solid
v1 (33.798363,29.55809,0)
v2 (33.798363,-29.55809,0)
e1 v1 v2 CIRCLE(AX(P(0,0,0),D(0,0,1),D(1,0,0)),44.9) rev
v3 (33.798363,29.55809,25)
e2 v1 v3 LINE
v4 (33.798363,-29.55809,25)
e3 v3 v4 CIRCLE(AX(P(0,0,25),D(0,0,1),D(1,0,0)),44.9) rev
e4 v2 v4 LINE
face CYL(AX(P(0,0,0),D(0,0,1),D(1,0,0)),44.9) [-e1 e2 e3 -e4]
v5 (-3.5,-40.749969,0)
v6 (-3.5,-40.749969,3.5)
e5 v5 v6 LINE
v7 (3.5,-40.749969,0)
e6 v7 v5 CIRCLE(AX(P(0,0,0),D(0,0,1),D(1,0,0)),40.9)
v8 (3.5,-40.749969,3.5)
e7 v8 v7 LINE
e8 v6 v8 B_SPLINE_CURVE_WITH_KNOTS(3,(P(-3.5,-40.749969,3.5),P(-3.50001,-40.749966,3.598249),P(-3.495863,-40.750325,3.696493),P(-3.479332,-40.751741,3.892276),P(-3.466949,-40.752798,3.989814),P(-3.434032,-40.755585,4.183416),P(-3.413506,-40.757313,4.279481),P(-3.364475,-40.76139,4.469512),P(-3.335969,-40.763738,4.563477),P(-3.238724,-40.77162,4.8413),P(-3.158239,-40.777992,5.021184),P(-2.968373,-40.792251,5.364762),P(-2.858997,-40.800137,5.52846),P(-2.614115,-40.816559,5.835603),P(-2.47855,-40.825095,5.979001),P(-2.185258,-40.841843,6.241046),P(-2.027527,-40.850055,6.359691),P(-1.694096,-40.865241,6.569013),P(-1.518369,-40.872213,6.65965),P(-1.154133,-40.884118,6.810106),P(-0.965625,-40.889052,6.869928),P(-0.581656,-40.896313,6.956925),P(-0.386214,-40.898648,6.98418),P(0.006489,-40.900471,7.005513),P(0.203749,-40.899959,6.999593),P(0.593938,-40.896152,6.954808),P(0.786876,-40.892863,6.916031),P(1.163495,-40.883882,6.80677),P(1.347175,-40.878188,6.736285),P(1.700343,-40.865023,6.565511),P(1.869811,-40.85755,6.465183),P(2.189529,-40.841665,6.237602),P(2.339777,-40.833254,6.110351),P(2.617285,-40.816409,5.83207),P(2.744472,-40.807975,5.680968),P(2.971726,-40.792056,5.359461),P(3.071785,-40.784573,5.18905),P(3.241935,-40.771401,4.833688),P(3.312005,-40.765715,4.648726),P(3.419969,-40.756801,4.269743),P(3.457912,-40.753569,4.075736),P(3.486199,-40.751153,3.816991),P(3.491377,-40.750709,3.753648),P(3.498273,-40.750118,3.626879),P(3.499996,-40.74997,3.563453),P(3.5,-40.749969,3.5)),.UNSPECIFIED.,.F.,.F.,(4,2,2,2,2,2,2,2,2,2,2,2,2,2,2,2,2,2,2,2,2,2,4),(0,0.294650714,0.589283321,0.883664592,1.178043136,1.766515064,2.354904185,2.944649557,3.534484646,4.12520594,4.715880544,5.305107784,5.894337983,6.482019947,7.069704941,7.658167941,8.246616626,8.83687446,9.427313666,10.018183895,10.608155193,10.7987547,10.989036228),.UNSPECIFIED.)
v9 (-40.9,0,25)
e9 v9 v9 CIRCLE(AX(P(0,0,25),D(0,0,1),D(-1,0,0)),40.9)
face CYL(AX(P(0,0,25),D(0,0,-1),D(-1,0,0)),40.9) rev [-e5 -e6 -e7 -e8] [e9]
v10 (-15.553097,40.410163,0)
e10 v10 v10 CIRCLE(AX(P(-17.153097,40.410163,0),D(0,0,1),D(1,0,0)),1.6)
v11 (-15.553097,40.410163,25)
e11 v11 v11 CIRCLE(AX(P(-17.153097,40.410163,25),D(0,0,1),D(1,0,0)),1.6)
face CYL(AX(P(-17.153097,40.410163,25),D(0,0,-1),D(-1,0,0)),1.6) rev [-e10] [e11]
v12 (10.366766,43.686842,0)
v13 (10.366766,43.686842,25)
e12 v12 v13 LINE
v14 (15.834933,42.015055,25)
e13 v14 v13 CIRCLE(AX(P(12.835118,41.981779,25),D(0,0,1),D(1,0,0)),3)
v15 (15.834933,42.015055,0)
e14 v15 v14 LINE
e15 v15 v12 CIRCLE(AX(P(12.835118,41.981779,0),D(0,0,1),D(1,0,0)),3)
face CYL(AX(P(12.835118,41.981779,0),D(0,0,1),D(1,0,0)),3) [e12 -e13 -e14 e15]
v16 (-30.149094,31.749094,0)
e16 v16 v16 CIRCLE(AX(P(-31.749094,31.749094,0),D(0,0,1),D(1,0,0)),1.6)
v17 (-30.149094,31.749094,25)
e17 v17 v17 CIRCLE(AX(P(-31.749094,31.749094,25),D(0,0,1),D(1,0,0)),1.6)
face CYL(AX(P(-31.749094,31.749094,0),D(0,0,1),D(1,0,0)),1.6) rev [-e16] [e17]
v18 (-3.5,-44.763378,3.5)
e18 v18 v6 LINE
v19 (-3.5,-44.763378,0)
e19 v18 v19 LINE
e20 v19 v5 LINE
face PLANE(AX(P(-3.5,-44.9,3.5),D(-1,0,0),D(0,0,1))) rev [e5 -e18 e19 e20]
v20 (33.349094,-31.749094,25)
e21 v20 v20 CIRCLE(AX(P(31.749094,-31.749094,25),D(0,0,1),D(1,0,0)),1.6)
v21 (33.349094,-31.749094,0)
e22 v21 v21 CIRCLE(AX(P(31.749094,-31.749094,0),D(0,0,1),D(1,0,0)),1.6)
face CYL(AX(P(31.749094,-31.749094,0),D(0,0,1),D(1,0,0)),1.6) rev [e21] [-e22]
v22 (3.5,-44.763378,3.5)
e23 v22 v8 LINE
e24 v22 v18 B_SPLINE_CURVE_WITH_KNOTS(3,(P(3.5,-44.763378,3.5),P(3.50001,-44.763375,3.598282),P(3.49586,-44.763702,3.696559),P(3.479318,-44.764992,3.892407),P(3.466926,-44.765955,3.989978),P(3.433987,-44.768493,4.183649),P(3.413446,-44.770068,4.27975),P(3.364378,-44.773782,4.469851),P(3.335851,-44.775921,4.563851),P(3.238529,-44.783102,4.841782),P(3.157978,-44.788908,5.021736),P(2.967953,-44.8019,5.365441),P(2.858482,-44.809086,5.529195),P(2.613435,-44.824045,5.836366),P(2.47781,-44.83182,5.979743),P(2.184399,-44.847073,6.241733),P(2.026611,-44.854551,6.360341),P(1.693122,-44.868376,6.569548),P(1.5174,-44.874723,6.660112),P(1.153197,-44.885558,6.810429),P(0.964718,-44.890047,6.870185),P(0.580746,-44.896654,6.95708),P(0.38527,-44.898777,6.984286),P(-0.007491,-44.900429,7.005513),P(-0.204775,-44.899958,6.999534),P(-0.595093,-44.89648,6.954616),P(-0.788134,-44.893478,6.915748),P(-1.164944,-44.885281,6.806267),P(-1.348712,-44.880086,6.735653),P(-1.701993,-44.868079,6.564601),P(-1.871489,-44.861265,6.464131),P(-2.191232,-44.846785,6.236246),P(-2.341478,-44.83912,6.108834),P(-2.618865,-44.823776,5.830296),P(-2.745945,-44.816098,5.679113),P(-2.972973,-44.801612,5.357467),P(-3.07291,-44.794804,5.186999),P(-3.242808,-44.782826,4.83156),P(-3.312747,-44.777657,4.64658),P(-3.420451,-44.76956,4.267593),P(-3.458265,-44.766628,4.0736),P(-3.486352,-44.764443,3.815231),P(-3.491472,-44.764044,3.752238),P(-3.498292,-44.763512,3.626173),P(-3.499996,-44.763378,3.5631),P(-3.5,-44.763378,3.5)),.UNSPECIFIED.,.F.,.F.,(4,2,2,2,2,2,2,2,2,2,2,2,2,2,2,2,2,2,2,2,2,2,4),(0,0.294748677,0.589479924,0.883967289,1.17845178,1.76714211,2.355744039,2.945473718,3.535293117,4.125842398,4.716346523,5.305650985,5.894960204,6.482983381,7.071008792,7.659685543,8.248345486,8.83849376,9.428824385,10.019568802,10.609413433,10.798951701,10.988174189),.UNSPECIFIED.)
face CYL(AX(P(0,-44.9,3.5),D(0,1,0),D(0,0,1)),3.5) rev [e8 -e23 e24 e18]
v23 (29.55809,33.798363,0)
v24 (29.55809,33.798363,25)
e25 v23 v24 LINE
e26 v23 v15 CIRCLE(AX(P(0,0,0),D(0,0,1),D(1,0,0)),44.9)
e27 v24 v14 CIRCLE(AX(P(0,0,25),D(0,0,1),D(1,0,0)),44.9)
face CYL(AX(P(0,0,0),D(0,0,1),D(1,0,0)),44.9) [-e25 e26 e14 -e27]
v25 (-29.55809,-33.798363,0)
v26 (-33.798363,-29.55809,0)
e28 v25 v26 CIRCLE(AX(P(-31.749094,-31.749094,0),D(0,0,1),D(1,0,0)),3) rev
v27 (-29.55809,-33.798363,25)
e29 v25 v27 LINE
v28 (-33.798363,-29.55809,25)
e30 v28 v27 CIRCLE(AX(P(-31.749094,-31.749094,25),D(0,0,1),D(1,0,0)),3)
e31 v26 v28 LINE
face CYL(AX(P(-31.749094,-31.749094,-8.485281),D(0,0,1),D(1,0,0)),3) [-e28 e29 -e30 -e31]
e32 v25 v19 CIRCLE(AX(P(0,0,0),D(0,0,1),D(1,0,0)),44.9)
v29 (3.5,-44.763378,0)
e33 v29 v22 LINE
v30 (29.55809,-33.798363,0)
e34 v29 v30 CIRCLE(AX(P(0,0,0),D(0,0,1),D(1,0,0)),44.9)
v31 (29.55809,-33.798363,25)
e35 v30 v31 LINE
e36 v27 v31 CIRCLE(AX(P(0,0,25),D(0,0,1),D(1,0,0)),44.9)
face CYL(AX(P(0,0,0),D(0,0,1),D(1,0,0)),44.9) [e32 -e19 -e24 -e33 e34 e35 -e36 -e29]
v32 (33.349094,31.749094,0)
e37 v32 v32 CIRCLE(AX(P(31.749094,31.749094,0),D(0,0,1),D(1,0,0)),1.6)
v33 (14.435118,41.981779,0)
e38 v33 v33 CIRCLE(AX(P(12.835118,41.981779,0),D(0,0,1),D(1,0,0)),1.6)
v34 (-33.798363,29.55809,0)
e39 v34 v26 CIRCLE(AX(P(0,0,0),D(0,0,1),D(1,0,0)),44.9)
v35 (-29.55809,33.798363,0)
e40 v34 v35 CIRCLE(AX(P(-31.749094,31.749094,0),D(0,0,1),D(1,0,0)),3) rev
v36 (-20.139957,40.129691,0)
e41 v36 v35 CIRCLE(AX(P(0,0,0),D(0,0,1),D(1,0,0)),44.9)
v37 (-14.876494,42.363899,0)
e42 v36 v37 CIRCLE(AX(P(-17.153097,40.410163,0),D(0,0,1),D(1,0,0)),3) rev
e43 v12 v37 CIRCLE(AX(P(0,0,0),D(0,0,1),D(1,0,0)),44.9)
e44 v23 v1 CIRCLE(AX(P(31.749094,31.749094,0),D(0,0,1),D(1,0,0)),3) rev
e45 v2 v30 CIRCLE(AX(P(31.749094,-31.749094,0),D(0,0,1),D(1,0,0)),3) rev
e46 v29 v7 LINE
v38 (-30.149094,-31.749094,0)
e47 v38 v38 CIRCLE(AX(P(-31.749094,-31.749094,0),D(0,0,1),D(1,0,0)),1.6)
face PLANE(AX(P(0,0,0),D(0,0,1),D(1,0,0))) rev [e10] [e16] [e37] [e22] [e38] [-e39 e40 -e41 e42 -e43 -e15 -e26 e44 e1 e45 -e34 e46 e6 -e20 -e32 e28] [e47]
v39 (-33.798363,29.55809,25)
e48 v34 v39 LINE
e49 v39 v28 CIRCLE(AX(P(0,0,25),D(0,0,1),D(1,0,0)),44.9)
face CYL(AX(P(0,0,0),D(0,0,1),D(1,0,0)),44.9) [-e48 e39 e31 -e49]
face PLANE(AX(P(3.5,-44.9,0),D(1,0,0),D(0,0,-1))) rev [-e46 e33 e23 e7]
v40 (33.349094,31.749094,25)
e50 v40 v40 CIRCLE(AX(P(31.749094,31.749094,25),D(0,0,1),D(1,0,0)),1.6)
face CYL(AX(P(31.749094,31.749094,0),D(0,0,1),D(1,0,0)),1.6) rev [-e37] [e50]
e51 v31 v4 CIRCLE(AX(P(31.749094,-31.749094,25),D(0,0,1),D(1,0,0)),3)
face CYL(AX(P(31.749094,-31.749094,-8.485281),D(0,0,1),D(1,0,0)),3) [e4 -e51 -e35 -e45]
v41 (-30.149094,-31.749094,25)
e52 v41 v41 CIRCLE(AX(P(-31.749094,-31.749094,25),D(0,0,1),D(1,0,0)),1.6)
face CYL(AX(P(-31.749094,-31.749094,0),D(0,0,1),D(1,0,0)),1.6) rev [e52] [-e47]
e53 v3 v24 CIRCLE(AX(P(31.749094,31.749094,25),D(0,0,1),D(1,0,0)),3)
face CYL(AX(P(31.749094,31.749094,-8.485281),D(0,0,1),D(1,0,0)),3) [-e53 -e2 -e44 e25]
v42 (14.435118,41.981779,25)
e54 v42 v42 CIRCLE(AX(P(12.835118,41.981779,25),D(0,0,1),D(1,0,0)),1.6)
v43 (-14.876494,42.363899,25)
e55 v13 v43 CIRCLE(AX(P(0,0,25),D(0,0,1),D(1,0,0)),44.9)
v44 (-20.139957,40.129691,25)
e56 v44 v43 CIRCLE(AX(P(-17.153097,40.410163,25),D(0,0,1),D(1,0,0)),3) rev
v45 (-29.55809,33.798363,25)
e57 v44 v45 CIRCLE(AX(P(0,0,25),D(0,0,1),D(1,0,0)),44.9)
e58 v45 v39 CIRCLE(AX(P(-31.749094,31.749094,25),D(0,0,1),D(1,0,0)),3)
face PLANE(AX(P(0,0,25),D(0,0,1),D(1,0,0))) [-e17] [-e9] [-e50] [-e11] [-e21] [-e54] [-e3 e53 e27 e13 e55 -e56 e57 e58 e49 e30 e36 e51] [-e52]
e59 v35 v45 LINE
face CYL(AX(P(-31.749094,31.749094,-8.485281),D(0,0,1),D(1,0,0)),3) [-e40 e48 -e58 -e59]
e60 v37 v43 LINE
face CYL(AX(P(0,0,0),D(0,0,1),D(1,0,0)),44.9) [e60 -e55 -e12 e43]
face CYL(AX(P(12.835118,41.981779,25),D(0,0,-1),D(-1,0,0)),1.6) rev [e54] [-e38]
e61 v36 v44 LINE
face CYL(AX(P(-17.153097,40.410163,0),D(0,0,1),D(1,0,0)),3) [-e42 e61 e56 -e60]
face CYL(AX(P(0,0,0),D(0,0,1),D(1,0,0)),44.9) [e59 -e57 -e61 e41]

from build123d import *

# Parameters (mm, degrees)
SKETCH_1_R          = 46.9
SKETCH_1_R_2        = 1.6
EXTRUDE_1_DEPTH     = 25
SKETCH_2_R          = 3
EXTRUDE_2_DEPTH     = 25
SKETCH_3_R          = 1.6
CUT_EXTRUDE_1_DEPTH = 71.881732484
CUT_EXTRUDE_2_DEPTH = 71.881732484
CUT_EXTRUDE_3_DEPTH = 69.296196254


with BuildPart() as part:
    # 草图1 → 凸台-拉伸1 (new body)
    with BuildSketch(Plane.XY):
        Circle(SKETCH_1_R)
        with Locations((12.835117837, 41.981778787)):
            Circle(SKETCH_1_R_2, mode=Mode.SUBTRACT)
        with Locations((-17.153096541, 40.410163067)):
            Circle(SKETCH_1_R_2, mode=Mode.SUBTRACT)
        with BuildLine():
            ThreePointArc((-17.670567057, 36.885783981), (5.183019571, -40.570263841), (7.829749303, 40.143555222))
            ThreePointArc((7.829749303, 40.143555222), (-5.183019571, 40.570263841), (-17.670567057, 36.885783981))
        make_face(mode=Mode.SUBTRACT)
    extrude(amount=EXTRUDE_1_DEPTH)

    # 草图2 → 凸台-拉伸2 (add)
    with BuildSketch(Plane.XY.offset(25)):
        with Locations((-31.749094475, 31.749094475)):
            Circle(SKETCH_2_R)
        with Locations((31.749094475, 31.749094475)):
            Circle(SKETCH_2_R)
        with Locations((31.749094475, -31.749094475)):
            Circle(SKETCH_2_R)
        with Locations((-31.749094475, -31.749094475)):
            Circle(SKETCH_2_R)
    extrude(amount=-EXTRUDE_2_DEPTH)

    # 草图3 → 切除-拉伸1 (cut, through all)
    with BuildSketch(Plane.XY.offset(25)):
        with Locations((-31.749094475, 31.749094475)):
            Circle(SKETCH_3_R)
        with Locations((-31.749094475, -31.749094475)):
            Circle(SKETCH_3_R)
        with Locations((31.749094475, -31.749094475)):
            Circle(SKETCH_3_R)
        with Locations((31.749094475, 31.749094475)):
            Circle(SKETCH_3_R)
    extrude(amount=-CUT_EXTRUDE_1_DEPTH, mode=Mode.SUBTRACT)

    # 草图4 → 切除-拉伸2 (cut, through all)
    with BuildSketch(Plane.XY.offset(25)):
        with BuildLine():
            ThreePointArc((-20.139957039, 40.129691383), (-19.72949951, 41.947091088), (-18.325289842, 43.171677663))
            ThreePointArc((-18.325289842, 43.171677663), (-25.271051352, 39.509289586), (-31.508446668, 34.739427004))
            ThreePointArc((-31.508446668, 34.739427004), (-30.445394472, 34.451013479), (-29.558090066, 33.798362559))
            ThreePointArc((-29.558090066, 33.798362559), (-25.049858336, 37.262777638), (-20.139957039, 40.129691383))
        make_face()
        with BuildLine():
            ThreePointArc((-14.876494449, 42.363898698), (-7.545559902, 44.261433842), (0, 44.9))
            Line((0, 44.9), (0, 46.9))
            ThreePointArc((0, 46.9), (-9.350356079, 45.958468656), (-18.325289842, 43.171677663))
            ThreePointArc((-18.325289842, 43.171677663), (-16.468950059, 43.331112158), (-14.876494449, 42.363898698))
        make_face()
        with BuildLine():
            ThreePointArc((31.508446668, 34.739427004), (23.168662113, 40.777727939), (13.712233545, 44.850692873))
            ThreePointArc((13.712233545, 44.850692873), (15.23675449, 43.779594513), (15.834933275, 42.015055494))
            ThreePointArc((15.834933275, 42.015055494), (23.065345276, 38.522718586), (29.558090066, 33.798362559))
            ThreePointArc((29.558090066, 33.798362559), (30.445394472, 34.451013479), (31.508446668, 34.739427004))
        make_face()
        with BuildLine():
            Line((0, 46.9), (0, 44.9))
            ThreePointArc((0, 44.9), (5.218754509, 44.595679178), (10.366766227, 43.686841932))
            ThreePointArc((10.366766227, 43.686841932), (11.849397199, 44.81521395), (13.712233545, 44.850692873))
            ThreePointArc((13.712233545, 44.850692873), (6.932261689, 46.384843946), (0, 46.9))
        make_face()
        with BuildLine():
            ThreePointArc((34.739427004, 31.508446668), (34.451013479, 30.445394472), (33.798362559, 29.558090066))
            ThreePointArc((33.798362559, 29.558090066), (44.9, 0), (33.798362559, -29.558090066))
            ThreePointArc((33.798362559, -29.558090066), (34.451013479, -30.445394472), (34.739427004, -31.508446668))
            ThreePointArc((34.739427004, -31.508446668), (46.9, 0), (34.739427004, 31.508446668))
        make_face()
        with BuildLine():
            ThreePointArc((31.508446668, -34.739427004), (30.445394472, -34.451013479), (29.558090066, -33.798362559))
            ThreePointArc((29.558090066, -33.798362559), (0, -44.9), (-29.558090066, -33.798362559))
            ThreePointArc((-29.558090066, -33.798362559), (-30.445394472, -34.451013479), (-31.508446668, -34.739427004))
            ThreePointArc((-31.508446668, -34.739427004), (0, -46.9), (31.508446668, -34.739427004))
        make_face()
        with BuildLine():
            ThreePointArc((-33.798362559, 29.558090066), (-44.9, 0), (-33.798362559, -29.558090066))
            ThreePointArc((-33.798362559, -29.558090066), (-34.451013479, -30.445394472), (-34.739427004, -31.508446668))
            ThreePointArc((-34.739427004, -31.508446668), (-46.9, 0), (-34.739427004, 31.508446668))
            ThreePointArc((-34.739427004, 31.508446668), (-34.451013479, 30.445394472), (-33.798362559, 29.558090066))
        make_face()
    extrude(amount=-CUT_EXTRUDE_2_DEPTH, mode=Mode.SUBTRACT)

    # 草图6 → 切除-拉伸3 (cut, through all)
    with BuildSketch(Plane(origin=(0, 0, 0), x_dir=(1, 0, 0), z_dir=(0, 1, 0))):
        with BuildLine():
            Line((-3.5, -3.5), (-3.5, 0))
            Line((-3.5, 0), (3.5, 0))
            Line((3.5, 0), (3.5, -3.5))
            ThreePointArc((3.5, -3.5), (0, -7), (-3.5, -3.5))
        make_face()
    extrude(amount=-CUT_EXTRUDE_3_DEPTH, mode=Mode.SUBTRACT)


solid = part.part
